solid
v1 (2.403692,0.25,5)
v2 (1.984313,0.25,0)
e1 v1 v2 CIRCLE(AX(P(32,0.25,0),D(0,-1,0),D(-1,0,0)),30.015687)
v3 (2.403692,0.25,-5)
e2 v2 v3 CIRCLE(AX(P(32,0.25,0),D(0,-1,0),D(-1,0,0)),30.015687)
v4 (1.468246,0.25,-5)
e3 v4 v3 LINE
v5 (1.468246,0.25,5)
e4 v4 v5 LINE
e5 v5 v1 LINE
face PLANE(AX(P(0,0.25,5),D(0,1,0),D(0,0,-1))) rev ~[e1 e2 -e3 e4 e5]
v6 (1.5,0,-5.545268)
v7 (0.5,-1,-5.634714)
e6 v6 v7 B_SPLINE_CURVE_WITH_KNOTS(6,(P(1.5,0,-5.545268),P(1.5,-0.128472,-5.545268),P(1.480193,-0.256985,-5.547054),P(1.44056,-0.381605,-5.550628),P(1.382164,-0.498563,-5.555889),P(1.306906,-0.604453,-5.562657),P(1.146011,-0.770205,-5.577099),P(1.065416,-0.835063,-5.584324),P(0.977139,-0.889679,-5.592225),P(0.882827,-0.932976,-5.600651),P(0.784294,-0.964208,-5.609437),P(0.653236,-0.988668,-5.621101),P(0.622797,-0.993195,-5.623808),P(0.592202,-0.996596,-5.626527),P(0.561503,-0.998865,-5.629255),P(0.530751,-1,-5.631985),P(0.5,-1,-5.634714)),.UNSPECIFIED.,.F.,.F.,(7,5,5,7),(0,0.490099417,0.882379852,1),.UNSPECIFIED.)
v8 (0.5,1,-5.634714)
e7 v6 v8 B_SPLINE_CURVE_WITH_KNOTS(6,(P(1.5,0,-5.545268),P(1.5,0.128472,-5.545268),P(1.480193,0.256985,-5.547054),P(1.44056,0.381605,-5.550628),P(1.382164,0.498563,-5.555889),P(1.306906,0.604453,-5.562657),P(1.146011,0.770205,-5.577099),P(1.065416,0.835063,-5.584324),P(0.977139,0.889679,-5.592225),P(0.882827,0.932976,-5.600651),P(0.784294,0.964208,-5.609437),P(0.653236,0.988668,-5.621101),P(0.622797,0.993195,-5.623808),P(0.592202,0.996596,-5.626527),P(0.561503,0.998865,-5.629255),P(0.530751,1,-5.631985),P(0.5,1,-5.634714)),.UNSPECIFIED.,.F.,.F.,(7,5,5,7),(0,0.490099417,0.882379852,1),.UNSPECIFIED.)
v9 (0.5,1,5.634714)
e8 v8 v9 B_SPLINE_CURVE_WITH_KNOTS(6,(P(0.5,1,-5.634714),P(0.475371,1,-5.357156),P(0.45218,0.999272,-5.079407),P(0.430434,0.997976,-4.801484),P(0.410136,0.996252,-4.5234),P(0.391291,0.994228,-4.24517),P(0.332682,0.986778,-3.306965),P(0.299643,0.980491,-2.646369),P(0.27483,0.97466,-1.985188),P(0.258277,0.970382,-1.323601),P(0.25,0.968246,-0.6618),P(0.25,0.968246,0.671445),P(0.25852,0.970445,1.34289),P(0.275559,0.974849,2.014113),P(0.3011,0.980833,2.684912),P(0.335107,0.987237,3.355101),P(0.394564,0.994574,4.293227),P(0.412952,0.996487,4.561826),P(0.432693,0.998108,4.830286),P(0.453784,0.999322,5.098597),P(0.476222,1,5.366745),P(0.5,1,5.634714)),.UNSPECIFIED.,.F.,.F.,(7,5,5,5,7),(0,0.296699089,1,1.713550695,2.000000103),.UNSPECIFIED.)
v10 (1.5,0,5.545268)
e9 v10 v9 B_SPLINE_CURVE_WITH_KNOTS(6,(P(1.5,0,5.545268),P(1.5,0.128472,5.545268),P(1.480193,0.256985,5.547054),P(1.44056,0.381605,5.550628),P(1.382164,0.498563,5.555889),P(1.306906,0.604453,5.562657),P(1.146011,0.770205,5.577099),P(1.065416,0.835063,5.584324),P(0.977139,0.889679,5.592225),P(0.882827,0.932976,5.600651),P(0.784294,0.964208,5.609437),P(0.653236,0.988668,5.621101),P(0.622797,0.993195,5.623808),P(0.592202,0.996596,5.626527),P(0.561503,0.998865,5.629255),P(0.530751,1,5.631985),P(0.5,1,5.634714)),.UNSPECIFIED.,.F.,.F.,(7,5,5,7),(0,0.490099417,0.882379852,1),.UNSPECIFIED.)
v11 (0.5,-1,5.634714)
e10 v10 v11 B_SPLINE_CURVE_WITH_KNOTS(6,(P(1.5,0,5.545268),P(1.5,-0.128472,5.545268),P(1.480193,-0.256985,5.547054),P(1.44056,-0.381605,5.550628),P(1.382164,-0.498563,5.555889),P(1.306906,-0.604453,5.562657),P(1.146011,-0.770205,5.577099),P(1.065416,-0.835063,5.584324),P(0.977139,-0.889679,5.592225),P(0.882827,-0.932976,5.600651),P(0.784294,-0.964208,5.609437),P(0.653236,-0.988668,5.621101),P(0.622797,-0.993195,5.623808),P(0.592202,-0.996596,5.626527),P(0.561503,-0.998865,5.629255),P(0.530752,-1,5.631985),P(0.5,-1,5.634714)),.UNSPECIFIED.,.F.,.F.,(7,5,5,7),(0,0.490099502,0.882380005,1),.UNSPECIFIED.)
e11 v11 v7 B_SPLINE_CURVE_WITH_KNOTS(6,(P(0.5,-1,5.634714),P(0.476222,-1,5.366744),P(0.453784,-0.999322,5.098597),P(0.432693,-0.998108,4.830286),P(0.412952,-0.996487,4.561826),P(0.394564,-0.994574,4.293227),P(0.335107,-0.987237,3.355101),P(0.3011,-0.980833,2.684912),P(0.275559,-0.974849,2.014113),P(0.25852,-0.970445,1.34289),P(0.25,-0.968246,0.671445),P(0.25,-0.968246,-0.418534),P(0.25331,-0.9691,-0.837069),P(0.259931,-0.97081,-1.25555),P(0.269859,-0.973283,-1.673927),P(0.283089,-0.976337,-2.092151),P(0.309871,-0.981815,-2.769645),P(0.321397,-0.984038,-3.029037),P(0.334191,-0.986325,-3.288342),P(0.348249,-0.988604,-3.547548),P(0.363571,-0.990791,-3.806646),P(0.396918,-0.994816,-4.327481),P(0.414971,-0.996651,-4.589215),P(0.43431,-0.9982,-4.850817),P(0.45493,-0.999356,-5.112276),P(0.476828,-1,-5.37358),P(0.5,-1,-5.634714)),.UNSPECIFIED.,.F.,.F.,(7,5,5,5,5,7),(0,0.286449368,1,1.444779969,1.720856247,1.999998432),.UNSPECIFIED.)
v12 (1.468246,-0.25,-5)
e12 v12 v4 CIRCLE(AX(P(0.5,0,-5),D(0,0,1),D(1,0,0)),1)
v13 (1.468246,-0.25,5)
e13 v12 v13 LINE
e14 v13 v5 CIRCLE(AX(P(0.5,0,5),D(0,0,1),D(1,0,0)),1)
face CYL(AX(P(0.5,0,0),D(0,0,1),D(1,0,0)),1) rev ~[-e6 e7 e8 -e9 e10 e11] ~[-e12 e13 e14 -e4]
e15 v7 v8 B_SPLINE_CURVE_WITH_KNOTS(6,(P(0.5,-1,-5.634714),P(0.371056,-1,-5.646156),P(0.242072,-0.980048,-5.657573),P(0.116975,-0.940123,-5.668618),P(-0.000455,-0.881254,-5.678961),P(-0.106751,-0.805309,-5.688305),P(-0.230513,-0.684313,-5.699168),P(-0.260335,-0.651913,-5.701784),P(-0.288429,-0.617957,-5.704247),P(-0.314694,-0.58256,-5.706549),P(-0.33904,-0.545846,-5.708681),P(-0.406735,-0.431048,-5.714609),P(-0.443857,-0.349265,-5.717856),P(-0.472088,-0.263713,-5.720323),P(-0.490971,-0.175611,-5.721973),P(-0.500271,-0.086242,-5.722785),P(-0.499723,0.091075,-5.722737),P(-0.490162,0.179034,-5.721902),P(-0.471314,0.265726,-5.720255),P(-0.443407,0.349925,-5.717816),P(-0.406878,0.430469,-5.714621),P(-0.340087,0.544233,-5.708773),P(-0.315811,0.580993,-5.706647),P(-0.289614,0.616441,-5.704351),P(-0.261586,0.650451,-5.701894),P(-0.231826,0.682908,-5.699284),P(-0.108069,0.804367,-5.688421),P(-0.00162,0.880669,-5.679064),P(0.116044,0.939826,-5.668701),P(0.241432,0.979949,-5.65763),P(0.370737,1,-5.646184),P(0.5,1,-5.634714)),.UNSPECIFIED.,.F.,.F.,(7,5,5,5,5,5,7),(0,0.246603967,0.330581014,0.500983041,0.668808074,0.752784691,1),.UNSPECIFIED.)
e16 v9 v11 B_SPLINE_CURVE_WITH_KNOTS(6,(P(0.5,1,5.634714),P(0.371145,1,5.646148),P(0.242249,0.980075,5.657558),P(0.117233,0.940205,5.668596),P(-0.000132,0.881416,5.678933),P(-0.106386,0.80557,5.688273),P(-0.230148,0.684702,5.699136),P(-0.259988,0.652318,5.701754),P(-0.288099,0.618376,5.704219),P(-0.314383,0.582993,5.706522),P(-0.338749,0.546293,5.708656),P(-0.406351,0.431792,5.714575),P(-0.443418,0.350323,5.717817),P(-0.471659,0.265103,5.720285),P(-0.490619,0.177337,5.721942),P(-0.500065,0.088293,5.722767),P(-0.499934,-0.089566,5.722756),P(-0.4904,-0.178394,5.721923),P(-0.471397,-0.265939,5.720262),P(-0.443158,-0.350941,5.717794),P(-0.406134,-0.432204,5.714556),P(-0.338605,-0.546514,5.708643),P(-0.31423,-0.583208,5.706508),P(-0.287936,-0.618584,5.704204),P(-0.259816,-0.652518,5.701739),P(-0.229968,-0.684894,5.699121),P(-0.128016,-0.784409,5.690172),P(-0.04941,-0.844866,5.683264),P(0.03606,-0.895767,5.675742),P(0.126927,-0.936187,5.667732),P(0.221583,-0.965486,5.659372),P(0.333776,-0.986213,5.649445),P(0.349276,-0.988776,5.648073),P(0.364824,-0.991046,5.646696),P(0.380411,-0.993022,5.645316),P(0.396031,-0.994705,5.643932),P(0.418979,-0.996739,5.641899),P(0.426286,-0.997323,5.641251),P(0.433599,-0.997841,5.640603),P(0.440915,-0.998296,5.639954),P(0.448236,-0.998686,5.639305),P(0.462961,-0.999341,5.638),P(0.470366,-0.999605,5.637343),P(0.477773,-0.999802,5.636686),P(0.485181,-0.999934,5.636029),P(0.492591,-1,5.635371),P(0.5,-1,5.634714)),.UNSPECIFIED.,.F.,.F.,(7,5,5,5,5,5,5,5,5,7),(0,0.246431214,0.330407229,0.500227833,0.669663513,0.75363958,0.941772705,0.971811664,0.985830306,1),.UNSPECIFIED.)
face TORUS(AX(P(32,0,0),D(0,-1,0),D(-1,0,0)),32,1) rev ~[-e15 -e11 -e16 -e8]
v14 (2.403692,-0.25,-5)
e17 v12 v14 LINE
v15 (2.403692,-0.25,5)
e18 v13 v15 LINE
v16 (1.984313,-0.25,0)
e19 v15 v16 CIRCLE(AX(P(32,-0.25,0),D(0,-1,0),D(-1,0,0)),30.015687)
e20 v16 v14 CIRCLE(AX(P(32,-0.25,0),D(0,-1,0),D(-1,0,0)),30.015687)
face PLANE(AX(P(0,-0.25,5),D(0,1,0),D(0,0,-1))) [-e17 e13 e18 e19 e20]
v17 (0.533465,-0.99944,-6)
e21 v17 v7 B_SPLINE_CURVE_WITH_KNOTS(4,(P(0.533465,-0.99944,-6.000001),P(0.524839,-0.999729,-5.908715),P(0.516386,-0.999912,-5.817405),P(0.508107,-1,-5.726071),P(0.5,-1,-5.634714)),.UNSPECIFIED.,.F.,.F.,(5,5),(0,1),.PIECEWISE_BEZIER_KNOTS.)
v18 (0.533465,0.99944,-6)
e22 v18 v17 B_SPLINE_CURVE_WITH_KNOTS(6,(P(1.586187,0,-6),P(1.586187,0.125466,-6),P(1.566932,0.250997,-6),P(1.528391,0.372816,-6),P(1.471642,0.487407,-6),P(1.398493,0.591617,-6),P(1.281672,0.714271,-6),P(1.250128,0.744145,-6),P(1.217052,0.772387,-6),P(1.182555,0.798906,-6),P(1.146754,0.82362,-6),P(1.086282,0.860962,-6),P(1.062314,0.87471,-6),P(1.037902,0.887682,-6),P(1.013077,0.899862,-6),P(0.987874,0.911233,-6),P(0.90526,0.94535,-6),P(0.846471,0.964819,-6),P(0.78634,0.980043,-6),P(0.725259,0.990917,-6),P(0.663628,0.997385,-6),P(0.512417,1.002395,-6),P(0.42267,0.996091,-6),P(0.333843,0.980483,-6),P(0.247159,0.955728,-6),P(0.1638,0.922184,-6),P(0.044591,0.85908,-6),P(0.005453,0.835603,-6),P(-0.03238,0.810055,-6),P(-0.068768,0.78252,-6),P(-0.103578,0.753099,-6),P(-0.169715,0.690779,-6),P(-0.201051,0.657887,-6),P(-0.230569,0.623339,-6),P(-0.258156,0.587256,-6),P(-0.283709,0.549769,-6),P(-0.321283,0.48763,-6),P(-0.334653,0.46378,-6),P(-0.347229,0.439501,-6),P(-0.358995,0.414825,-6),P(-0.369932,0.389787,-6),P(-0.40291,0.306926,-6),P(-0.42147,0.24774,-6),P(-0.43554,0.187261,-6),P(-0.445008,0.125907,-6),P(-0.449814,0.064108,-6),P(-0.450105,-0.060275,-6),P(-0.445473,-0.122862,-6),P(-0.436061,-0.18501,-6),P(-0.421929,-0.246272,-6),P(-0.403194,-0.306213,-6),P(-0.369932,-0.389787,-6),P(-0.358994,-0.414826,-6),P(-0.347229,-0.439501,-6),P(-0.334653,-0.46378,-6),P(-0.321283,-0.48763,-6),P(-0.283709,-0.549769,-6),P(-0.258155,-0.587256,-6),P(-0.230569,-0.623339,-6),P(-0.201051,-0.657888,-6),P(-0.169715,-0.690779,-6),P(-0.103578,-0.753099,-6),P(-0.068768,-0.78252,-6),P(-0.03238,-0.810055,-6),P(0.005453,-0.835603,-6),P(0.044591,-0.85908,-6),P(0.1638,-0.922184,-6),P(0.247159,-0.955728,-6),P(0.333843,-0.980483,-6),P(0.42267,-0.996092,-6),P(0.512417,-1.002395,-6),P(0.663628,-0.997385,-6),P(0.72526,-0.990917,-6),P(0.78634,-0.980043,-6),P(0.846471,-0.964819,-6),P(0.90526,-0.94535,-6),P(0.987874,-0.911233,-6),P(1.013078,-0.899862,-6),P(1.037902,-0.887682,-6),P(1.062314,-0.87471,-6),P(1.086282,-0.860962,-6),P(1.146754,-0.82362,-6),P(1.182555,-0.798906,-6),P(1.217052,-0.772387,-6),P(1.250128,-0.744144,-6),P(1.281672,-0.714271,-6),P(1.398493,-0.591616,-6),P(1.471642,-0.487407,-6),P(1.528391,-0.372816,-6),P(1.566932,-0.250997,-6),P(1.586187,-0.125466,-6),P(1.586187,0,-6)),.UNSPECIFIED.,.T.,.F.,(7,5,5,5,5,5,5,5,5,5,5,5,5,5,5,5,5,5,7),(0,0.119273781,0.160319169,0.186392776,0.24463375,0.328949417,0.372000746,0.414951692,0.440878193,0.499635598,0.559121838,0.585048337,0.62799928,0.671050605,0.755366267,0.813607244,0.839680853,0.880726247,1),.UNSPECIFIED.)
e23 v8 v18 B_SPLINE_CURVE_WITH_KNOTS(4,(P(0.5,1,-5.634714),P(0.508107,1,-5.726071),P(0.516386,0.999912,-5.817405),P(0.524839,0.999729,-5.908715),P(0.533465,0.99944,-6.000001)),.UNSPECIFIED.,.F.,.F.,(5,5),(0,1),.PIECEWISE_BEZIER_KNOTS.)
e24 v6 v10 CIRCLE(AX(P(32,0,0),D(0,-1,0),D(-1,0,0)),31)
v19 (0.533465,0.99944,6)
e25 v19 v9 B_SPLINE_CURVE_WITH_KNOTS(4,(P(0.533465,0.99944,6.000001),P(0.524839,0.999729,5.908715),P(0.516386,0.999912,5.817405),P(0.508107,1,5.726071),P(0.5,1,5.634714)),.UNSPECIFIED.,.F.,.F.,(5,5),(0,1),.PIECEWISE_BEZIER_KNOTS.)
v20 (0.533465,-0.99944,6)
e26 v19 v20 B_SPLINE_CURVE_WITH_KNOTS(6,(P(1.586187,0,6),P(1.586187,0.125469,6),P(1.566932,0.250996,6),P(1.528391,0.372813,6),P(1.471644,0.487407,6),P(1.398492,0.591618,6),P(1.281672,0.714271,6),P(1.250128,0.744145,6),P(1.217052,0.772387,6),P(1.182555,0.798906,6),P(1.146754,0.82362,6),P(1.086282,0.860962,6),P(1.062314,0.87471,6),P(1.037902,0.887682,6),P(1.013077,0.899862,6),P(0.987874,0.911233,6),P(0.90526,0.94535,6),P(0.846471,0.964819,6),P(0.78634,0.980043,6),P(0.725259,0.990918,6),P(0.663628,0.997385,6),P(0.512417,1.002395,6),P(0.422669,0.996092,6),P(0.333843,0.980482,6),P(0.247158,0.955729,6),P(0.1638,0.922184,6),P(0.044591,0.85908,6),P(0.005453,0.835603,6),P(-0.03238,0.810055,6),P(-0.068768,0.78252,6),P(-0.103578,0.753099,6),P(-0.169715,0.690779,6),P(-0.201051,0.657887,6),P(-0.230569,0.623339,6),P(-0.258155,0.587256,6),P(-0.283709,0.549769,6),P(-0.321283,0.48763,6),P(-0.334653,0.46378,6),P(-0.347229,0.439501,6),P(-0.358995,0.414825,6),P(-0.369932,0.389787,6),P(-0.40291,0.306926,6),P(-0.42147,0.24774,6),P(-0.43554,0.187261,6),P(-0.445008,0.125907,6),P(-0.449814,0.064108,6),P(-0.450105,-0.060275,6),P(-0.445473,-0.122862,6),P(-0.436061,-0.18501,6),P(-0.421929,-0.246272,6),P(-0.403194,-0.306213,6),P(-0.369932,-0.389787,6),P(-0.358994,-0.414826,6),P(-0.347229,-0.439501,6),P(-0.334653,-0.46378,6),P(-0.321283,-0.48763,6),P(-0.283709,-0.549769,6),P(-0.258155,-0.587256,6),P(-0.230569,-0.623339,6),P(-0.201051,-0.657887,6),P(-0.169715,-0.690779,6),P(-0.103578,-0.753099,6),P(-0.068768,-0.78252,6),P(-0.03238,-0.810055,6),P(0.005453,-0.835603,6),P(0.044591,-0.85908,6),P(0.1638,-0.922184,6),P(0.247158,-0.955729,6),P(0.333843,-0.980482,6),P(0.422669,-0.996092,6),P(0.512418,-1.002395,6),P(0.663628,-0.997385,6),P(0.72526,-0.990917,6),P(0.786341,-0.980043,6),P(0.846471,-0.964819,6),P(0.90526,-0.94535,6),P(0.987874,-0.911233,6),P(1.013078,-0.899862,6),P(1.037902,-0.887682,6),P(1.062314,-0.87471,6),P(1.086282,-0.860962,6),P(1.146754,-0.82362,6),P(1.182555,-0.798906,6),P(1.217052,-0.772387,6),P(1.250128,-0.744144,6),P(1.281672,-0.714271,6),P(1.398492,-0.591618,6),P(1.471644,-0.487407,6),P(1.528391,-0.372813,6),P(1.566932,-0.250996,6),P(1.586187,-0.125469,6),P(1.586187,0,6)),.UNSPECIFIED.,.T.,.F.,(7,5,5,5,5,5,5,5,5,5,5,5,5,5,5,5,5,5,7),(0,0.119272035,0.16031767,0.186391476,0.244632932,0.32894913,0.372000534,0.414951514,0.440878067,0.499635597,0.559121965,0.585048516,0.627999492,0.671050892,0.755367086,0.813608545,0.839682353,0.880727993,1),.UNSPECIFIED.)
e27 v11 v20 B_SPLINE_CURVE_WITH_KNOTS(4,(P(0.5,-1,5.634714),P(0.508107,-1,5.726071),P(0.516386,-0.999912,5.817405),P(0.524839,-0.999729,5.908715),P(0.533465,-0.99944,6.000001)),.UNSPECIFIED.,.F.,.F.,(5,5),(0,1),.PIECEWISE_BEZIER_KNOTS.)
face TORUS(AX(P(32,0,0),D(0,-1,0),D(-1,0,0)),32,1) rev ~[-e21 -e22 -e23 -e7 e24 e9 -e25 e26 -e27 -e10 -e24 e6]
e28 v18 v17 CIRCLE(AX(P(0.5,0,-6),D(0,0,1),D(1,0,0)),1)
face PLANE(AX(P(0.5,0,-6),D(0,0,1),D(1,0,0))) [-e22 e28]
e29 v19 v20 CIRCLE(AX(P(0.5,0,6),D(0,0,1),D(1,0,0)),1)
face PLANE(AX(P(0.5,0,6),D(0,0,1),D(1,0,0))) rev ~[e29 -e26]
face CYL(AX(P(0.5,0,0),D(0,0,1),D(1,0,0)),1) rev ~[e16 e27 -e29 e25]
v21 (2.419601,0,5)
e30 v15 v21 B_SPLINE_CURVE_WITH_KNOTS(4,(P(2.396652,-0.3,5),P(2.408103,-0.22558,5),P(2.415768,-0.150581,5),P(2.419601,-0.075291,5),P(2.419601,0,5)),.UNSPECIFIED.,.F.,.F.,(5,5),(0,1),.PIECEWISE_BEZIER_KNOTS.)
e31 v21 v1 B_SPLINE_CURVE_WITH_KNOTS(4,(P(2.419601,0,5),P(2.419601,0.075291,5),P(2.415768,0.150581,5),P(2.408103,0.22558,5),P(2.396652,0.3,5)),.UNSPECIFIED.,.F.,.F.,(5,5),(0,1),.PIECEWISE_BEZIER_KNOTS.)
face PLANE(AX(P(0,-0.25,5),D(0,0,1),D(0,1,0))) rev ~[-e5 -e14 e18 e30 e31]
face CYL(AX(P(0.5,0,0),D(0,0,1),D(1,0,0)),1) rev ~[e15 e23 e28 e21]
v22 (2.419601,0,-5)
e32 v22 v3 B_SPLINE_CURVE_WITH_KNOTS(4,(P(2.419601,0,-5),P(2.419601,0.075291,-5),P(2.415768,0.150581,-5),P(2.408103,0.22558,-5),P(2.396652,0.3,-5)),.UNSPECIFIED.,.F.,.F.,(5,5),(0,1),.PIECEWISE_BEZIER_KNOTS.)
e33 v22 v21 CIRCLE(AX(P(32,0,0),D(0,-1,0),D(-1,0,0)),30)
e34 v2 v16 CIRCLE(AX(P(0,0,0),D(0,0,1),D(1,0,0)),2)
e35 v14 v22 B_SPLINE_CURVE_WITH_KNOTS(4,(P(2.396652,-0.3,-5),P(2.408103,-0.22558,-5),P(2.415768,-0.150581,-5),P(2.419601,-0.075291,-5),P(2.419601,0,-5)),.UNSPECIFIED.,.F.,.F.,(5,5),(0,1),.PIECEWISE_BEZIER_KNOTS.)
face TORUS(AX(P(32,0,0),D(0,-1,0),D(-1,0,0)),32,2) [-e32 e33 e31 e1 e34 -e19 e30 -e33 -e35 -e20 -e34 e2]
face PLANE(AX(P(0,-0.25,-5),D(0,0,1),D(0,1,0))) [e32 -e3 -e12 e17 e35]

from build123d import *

# Parameters (mm, degrees)
SKETCH1_R          = 2
SKETCH1_R_2        = 1
SKETCH2_R          = 1
CUT_EXTRUDE1_DEPTH = 6
CUT_EXTRUDE2_REACH = 68
SKETCH3_W          = 10
SKETCH3_H          = 0.5


with BuildPart() as part:
    # Sketch1 → Revolve1 (revolve)
    with BuildSketch(Plane.XY):
        Circle(SKETCH1_R)
        Circle(SKETCH1_R_2, mode=Mode.SUBTRACT)
    revolve(axis=Axis((32, 4.090399727, 0), (0, -1, 0)))

    # Sketch2 → Cut-Extrude1 (cut, symmetric)
    with BuildSketch(Plane.XY):
        with Locations((0.5, 0)):
            Circle(SKETCH2_R)
    extrude(amount=CUT_EXTRUDE1_DEPTH, both=True, mode=Mode.SUBTRACT)

    # Sketch3 → Cut-Extrude2 (cut, up to next)
    with BuildSketch(Plane(origin=(0, 0, 0), x_dir=(0, 0, -1), z_dir=(1, 0, 0)), mode=Mode.PRIVATE) as cut_extrude2_sk1:
        Rectangle(SKETCH3_W, SKETCH3_H)
    cut_extrude2_tool1 = extrude(cut_extrude2_sk1.sketch, amount=CUT_EXTRUDE2_REACH, mode=Mode.PRIVATE) & part.part
    add(cut_extrude2_tool1.solids().sort_by_distance((0, 0, 0))[0], mode=Mode.SUBTRACT)


solid = part.part
